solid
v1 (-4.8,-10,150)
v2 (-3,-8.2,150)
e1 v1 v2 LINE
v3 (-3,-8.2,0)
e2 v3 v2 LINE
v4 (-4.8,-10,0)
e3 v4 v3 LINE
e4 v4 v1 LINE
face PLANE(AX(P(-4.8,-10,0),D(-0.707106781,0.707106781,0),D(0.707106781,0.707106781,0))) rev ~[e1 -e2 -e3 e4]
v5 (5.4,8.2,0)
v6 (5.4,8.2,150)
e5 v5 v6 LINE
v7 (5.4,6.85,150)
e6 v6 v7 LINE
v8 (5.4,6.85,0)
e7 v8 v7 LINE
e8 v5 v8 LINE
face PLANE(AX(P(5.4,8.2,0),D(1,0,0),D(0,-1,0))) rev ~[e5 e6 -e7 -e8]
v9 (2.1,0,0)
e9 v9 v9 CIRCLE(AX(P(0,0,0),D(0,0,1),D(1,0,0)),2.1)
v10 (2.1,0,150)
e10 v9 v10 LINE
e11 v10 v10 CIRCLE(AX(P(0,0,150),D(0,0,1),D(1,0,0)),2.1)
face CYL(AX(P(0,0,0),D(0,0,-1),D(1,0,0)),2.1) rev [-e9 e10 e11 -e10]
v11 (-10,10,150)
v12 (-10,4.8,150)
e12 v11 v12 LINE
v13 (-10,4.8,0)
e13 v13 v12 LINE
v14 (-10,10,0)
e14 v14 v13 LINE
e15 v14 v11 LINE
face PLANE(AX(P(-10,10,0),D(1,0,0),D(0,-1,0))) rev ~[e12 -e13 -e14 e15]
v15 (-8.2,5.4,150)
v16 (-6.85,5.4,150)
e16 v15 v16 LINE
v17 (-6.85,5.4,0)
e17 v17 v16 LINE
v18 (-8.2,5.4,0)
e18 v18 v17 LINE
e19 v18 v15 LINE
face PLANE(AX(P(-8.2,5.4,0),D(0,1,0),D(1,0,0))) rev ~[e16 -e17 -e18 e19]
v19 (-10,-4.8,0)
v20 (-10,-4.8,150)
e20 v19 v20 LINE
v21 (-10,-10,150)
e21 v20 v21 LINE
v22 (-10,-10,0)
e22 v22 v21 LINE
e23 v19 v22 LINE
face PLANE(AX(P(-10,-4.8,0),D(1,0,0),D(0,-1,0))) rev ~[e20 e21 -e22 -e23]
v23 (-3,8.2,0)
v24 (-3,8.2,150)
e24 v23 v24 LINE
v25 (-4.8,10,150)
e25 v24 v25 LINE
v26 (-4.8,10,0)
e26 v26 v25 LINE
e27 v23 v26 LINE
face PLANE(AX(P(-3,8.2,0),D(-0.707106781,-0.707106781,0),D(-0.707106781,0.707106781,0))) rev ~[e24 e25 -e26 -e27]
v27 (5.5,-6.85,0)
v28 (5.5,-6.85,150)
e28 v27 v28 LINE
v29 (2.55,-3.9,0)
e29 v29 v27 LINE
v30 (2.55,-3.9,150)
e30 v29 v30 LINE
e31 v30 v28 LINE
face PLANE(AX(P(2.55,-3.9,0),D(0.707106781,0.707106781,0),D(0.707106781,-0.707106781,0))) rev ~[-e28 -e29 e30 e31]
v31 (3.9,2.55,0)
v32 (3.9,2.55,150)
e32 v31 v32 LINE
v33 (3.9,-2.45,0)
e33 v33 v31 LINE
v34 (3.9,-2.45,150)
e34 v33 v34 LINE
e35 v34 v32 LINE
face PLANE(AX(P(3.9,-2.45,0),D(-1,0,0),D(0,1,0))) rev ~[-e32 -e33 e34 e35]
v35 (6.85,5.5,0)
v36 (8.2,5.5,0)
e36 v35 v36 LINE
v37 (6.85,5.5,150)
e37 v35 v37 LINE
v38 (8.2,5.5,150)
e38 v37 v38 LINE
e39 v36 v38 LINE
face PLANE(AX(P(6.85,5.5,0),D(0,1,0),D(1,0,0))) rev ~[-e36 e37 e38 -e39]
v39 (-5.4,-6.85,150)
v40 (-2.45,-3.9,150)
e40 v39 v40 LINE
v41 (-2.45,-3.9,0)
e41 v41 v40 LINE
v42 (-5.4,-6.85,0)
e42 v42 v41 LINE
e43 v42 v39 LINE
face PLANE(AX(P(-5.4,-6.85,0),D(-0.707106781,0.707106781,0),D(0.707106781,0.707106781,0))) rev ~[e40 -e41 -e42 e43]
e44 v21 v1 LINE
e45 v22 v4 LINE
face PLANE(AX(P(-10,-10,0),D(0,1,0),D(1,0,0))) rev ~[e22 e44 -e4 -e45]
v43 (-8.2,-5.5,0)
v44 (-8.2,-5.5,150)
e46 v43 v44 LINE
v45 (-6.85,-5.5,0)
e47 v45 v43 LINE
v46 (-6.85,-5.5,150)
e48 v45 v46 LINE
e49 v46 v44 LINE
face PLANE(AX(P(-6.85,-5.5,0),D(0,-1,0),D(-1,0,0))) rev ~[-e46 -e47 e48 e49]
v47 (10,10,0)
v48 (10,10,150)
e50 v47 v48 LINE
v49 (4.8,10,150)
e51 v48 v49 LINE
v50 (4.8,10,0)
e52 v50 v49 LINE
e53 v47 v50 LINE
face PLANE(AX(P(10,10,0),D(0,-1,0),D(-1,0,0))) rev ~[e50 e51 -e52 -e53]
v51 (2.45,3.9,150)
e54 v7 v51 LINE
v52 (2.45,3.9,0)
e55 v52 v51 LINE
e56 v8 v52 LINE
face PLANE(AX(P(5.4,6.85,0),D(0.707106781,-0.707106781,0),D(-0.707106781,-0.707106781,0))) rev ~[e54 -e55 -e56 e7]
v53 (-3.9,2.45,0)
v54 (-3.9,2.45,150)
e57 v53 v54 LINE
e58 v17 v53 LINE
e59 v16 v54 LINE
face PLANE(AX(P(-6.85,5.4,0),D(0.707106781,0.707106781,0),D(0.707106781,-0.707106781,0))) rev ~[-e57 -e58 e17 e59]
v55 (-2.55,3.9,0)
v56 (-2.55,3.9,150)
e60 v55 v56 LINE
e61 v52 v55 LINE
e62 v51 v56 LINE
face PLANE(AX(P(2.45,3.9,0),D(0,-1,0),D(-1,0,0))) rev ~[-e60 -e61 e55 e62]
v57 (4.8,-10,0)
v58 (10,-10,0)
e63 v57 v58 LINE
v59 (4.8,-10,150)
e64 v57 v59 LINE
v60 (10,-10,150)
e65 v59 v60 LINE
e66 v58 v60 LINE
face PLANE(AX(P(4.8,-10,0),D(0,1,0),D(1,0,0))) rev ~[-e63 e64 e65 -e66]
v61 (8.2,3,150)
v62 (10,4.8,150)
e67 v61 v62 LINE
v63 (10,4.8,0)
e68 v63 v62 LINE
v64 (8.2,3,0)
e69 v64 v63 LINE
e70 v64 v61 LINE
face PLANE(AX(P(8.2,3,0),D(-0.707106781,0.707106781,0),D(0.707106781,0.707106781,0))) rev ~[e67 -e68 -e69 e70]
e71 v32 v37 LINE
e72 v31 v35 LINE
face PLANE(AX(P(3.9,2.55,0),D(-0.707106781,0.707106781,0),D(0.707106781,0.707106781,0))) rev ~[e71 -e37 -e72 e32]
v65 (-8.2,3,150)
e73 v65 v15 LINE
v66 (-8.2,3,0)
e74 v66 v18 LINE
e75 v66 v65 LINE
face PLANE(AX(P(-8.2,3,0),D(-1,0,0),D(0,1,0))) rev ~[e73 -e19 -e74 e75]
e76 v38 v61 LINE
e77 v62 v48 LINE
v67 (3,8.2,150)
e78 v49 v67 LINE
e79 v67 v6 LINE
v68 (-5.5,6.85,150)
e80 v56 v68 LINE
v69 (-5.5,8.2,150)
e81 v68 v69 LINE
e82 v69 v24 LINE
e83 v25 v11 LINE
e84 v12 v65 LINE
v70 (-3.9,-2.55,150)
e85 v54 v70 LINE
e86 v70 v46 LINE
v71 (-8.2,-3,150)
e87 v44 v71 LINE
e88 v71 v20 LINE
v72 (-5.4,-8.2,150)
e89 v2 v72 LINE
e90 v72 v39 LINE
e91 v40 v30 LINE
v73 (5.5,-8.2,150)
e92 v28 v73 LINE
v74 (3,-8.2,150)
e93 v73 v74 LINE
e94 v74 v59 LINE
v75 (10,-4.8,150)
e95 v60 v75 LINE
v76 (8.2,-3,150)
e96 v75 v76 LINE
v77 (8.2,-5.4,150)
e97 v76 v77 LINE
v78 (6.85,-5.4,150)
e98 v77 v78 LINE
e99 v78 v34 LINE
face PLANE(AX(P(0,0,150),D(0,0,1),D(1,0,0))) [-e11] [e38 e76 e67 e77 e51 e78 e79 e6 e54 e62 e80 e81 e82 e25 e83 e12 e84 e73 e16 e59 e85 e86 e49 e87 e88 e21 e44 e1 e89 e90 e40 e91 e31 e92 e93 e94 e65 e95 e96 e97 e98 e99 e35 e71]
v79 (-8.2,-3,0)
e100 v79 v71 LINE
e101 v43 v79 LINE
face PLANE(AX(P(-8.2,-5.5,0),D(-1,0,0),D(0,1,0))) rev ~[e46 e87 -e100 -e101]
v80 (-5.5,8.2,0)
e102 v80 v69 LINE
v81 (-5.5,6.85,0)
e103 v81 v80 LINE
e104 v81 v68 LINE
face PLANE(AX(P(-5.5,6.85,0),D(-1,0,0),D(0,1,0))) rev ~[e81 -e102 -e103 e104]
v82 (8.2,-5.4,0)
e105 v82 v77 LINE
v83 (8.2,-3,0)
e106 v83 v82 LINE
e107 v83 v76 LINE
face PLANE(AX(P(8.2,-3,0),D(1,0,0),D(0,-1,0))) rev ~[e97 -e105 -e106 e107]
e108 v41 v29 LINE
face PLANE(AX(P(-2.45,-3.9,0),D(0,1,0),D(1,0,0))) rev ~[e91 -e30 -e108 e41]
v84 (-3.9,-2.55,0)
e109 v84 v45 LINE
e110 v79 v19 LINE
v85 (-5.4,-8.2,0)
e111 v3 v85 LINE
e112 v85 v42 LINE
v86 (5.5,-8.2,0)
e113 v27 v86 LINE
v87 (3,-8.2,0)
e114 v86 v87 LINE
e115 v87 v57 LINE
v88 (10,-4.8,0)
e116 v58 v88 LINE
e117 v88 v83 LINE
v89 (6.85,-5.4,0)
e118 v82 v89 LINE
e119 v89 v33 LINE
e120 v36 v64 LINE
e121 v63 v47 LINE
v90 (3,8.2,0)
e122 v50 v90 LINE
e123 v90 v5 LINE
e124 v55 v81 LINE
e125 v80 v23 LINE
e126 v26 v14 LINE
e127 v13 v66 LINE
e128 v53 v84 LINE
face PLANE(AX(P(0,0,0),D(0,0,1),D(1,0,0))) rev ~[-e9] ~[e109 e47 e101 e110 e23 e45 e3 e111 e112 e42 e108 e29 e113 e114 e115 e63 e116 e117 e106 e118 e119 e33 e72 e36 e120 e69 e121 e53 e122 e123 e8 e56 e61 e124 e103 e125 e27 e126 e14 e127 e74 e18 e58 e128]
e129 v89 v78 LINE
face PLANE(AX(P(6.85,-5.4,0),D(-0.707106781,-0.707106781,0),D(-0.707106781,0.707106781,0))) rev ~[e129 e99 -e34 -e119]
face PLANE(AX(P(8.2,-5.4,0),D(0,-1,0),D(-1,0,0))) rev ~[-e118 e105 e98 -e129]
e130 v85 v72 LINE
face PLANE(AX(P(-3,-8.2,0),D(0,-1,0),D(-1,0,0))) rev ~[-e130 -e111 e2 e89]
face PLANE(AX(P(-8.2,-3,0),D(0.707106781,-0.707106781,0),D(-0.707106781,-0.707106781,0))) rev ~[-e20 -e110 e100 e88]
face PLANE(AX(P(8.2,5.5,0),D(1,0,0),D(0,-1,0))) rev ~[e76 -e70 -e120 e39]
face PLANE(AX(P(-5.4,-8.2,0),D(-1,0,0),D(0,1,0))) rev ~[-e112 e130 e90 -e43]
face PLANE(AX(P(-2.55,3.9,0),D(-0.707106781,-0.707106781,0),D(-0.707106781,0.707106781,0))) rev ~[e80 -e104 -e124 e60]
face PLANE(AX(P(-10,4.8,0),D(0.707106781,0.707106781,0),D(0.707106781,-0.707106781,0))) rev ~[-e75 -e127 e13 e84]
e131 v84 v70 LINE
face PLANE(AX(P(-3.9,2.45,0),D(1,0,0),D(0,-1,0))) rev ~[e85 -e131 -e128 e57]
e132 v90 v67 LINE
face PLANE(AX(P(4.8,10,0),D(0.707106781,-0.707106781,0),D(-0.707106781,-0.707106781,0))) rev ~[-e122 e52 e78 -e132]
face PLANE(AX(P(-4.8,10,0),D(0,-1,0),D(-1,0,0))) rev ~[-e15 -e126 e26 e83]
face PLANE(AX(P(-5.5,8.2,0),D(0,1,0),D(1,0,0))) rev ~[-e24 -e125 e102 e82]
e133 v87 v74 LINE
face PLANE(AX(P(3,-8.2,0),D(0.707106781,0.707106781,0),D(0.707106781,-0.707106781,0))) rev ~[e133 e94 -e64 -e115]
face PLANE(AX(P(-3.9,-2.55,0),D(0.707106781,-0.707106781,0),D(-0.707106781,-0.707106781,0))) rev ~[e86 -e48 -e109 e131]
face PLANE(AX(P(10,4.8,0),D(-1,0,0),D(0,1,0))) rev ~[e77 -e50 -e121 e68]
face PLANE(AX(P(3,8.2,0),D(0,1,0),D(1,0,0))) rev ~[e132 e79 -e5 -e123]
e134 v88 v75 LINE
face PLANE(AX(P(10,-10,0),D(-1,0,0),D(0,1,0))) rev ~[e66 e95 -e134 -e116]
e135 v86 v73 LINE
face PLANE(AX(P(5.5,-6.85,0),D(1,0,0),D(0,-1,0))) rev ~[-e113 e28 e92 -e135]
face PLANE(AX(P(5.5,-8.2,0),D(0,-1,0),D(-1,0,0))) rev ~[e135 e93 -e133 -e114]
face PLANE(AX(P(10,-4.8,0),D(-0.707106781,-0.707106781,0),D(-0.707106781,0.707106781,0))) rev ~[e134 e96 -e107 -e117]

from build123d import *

# Parameters (mm, degrees)
CROQUIS1_R              = 2.1
SALIENTE_EXTRUIR1_DEPTH = 150


with BuildPart() as part:
    # Croquis1 → Saliente-Extruir1 (new body)
    with BuildSketch(Plane.XY):
        Polygon((3, 8.2), (5.4, 8.2), (5.4, 6.85), (2.45, 3.9), (-2.55, 3.9), (-5.5, 6.85), (-5.5, 8.2), (-3, 8.2), (-4.8, 10), (-10, 10), (-10, 4.8), (-8.2, 3), (-8.2, 5.4), (-6.85, 5.4), (-3.9, 2.45), (-3.9, -2.55), (-6.85, -5.5), (-8.2, -5.5), (-8.2, -3), (-10, -4.8), (-10, -10), (-4.8, -10), (-3, -8.2), (-5.4, -8.2), (-5.4, -6.85), (-2.45, -3.9), (2.55, -3.9), (5.5, -6.85), (5.5, -8.2), (3, -8.2), (4.8, -10), (10, -10), (10, -4.8), (8.2, -3), (8.2, -5.4), (6.85, -5.4), (3.9, -2.45), (3.9, 2.55), (6.85, 5.5), (8.2, 5.5), (8.2, 3), (10, 4.8), (10, 10), (4.8, 10), align=None)
        Circle(CROQUIS1_R, mode=Mode.SUBTRACT)
    extrude(amount=SALIENTE_EXTRUIR1_DEPTH)


solid = part.part
